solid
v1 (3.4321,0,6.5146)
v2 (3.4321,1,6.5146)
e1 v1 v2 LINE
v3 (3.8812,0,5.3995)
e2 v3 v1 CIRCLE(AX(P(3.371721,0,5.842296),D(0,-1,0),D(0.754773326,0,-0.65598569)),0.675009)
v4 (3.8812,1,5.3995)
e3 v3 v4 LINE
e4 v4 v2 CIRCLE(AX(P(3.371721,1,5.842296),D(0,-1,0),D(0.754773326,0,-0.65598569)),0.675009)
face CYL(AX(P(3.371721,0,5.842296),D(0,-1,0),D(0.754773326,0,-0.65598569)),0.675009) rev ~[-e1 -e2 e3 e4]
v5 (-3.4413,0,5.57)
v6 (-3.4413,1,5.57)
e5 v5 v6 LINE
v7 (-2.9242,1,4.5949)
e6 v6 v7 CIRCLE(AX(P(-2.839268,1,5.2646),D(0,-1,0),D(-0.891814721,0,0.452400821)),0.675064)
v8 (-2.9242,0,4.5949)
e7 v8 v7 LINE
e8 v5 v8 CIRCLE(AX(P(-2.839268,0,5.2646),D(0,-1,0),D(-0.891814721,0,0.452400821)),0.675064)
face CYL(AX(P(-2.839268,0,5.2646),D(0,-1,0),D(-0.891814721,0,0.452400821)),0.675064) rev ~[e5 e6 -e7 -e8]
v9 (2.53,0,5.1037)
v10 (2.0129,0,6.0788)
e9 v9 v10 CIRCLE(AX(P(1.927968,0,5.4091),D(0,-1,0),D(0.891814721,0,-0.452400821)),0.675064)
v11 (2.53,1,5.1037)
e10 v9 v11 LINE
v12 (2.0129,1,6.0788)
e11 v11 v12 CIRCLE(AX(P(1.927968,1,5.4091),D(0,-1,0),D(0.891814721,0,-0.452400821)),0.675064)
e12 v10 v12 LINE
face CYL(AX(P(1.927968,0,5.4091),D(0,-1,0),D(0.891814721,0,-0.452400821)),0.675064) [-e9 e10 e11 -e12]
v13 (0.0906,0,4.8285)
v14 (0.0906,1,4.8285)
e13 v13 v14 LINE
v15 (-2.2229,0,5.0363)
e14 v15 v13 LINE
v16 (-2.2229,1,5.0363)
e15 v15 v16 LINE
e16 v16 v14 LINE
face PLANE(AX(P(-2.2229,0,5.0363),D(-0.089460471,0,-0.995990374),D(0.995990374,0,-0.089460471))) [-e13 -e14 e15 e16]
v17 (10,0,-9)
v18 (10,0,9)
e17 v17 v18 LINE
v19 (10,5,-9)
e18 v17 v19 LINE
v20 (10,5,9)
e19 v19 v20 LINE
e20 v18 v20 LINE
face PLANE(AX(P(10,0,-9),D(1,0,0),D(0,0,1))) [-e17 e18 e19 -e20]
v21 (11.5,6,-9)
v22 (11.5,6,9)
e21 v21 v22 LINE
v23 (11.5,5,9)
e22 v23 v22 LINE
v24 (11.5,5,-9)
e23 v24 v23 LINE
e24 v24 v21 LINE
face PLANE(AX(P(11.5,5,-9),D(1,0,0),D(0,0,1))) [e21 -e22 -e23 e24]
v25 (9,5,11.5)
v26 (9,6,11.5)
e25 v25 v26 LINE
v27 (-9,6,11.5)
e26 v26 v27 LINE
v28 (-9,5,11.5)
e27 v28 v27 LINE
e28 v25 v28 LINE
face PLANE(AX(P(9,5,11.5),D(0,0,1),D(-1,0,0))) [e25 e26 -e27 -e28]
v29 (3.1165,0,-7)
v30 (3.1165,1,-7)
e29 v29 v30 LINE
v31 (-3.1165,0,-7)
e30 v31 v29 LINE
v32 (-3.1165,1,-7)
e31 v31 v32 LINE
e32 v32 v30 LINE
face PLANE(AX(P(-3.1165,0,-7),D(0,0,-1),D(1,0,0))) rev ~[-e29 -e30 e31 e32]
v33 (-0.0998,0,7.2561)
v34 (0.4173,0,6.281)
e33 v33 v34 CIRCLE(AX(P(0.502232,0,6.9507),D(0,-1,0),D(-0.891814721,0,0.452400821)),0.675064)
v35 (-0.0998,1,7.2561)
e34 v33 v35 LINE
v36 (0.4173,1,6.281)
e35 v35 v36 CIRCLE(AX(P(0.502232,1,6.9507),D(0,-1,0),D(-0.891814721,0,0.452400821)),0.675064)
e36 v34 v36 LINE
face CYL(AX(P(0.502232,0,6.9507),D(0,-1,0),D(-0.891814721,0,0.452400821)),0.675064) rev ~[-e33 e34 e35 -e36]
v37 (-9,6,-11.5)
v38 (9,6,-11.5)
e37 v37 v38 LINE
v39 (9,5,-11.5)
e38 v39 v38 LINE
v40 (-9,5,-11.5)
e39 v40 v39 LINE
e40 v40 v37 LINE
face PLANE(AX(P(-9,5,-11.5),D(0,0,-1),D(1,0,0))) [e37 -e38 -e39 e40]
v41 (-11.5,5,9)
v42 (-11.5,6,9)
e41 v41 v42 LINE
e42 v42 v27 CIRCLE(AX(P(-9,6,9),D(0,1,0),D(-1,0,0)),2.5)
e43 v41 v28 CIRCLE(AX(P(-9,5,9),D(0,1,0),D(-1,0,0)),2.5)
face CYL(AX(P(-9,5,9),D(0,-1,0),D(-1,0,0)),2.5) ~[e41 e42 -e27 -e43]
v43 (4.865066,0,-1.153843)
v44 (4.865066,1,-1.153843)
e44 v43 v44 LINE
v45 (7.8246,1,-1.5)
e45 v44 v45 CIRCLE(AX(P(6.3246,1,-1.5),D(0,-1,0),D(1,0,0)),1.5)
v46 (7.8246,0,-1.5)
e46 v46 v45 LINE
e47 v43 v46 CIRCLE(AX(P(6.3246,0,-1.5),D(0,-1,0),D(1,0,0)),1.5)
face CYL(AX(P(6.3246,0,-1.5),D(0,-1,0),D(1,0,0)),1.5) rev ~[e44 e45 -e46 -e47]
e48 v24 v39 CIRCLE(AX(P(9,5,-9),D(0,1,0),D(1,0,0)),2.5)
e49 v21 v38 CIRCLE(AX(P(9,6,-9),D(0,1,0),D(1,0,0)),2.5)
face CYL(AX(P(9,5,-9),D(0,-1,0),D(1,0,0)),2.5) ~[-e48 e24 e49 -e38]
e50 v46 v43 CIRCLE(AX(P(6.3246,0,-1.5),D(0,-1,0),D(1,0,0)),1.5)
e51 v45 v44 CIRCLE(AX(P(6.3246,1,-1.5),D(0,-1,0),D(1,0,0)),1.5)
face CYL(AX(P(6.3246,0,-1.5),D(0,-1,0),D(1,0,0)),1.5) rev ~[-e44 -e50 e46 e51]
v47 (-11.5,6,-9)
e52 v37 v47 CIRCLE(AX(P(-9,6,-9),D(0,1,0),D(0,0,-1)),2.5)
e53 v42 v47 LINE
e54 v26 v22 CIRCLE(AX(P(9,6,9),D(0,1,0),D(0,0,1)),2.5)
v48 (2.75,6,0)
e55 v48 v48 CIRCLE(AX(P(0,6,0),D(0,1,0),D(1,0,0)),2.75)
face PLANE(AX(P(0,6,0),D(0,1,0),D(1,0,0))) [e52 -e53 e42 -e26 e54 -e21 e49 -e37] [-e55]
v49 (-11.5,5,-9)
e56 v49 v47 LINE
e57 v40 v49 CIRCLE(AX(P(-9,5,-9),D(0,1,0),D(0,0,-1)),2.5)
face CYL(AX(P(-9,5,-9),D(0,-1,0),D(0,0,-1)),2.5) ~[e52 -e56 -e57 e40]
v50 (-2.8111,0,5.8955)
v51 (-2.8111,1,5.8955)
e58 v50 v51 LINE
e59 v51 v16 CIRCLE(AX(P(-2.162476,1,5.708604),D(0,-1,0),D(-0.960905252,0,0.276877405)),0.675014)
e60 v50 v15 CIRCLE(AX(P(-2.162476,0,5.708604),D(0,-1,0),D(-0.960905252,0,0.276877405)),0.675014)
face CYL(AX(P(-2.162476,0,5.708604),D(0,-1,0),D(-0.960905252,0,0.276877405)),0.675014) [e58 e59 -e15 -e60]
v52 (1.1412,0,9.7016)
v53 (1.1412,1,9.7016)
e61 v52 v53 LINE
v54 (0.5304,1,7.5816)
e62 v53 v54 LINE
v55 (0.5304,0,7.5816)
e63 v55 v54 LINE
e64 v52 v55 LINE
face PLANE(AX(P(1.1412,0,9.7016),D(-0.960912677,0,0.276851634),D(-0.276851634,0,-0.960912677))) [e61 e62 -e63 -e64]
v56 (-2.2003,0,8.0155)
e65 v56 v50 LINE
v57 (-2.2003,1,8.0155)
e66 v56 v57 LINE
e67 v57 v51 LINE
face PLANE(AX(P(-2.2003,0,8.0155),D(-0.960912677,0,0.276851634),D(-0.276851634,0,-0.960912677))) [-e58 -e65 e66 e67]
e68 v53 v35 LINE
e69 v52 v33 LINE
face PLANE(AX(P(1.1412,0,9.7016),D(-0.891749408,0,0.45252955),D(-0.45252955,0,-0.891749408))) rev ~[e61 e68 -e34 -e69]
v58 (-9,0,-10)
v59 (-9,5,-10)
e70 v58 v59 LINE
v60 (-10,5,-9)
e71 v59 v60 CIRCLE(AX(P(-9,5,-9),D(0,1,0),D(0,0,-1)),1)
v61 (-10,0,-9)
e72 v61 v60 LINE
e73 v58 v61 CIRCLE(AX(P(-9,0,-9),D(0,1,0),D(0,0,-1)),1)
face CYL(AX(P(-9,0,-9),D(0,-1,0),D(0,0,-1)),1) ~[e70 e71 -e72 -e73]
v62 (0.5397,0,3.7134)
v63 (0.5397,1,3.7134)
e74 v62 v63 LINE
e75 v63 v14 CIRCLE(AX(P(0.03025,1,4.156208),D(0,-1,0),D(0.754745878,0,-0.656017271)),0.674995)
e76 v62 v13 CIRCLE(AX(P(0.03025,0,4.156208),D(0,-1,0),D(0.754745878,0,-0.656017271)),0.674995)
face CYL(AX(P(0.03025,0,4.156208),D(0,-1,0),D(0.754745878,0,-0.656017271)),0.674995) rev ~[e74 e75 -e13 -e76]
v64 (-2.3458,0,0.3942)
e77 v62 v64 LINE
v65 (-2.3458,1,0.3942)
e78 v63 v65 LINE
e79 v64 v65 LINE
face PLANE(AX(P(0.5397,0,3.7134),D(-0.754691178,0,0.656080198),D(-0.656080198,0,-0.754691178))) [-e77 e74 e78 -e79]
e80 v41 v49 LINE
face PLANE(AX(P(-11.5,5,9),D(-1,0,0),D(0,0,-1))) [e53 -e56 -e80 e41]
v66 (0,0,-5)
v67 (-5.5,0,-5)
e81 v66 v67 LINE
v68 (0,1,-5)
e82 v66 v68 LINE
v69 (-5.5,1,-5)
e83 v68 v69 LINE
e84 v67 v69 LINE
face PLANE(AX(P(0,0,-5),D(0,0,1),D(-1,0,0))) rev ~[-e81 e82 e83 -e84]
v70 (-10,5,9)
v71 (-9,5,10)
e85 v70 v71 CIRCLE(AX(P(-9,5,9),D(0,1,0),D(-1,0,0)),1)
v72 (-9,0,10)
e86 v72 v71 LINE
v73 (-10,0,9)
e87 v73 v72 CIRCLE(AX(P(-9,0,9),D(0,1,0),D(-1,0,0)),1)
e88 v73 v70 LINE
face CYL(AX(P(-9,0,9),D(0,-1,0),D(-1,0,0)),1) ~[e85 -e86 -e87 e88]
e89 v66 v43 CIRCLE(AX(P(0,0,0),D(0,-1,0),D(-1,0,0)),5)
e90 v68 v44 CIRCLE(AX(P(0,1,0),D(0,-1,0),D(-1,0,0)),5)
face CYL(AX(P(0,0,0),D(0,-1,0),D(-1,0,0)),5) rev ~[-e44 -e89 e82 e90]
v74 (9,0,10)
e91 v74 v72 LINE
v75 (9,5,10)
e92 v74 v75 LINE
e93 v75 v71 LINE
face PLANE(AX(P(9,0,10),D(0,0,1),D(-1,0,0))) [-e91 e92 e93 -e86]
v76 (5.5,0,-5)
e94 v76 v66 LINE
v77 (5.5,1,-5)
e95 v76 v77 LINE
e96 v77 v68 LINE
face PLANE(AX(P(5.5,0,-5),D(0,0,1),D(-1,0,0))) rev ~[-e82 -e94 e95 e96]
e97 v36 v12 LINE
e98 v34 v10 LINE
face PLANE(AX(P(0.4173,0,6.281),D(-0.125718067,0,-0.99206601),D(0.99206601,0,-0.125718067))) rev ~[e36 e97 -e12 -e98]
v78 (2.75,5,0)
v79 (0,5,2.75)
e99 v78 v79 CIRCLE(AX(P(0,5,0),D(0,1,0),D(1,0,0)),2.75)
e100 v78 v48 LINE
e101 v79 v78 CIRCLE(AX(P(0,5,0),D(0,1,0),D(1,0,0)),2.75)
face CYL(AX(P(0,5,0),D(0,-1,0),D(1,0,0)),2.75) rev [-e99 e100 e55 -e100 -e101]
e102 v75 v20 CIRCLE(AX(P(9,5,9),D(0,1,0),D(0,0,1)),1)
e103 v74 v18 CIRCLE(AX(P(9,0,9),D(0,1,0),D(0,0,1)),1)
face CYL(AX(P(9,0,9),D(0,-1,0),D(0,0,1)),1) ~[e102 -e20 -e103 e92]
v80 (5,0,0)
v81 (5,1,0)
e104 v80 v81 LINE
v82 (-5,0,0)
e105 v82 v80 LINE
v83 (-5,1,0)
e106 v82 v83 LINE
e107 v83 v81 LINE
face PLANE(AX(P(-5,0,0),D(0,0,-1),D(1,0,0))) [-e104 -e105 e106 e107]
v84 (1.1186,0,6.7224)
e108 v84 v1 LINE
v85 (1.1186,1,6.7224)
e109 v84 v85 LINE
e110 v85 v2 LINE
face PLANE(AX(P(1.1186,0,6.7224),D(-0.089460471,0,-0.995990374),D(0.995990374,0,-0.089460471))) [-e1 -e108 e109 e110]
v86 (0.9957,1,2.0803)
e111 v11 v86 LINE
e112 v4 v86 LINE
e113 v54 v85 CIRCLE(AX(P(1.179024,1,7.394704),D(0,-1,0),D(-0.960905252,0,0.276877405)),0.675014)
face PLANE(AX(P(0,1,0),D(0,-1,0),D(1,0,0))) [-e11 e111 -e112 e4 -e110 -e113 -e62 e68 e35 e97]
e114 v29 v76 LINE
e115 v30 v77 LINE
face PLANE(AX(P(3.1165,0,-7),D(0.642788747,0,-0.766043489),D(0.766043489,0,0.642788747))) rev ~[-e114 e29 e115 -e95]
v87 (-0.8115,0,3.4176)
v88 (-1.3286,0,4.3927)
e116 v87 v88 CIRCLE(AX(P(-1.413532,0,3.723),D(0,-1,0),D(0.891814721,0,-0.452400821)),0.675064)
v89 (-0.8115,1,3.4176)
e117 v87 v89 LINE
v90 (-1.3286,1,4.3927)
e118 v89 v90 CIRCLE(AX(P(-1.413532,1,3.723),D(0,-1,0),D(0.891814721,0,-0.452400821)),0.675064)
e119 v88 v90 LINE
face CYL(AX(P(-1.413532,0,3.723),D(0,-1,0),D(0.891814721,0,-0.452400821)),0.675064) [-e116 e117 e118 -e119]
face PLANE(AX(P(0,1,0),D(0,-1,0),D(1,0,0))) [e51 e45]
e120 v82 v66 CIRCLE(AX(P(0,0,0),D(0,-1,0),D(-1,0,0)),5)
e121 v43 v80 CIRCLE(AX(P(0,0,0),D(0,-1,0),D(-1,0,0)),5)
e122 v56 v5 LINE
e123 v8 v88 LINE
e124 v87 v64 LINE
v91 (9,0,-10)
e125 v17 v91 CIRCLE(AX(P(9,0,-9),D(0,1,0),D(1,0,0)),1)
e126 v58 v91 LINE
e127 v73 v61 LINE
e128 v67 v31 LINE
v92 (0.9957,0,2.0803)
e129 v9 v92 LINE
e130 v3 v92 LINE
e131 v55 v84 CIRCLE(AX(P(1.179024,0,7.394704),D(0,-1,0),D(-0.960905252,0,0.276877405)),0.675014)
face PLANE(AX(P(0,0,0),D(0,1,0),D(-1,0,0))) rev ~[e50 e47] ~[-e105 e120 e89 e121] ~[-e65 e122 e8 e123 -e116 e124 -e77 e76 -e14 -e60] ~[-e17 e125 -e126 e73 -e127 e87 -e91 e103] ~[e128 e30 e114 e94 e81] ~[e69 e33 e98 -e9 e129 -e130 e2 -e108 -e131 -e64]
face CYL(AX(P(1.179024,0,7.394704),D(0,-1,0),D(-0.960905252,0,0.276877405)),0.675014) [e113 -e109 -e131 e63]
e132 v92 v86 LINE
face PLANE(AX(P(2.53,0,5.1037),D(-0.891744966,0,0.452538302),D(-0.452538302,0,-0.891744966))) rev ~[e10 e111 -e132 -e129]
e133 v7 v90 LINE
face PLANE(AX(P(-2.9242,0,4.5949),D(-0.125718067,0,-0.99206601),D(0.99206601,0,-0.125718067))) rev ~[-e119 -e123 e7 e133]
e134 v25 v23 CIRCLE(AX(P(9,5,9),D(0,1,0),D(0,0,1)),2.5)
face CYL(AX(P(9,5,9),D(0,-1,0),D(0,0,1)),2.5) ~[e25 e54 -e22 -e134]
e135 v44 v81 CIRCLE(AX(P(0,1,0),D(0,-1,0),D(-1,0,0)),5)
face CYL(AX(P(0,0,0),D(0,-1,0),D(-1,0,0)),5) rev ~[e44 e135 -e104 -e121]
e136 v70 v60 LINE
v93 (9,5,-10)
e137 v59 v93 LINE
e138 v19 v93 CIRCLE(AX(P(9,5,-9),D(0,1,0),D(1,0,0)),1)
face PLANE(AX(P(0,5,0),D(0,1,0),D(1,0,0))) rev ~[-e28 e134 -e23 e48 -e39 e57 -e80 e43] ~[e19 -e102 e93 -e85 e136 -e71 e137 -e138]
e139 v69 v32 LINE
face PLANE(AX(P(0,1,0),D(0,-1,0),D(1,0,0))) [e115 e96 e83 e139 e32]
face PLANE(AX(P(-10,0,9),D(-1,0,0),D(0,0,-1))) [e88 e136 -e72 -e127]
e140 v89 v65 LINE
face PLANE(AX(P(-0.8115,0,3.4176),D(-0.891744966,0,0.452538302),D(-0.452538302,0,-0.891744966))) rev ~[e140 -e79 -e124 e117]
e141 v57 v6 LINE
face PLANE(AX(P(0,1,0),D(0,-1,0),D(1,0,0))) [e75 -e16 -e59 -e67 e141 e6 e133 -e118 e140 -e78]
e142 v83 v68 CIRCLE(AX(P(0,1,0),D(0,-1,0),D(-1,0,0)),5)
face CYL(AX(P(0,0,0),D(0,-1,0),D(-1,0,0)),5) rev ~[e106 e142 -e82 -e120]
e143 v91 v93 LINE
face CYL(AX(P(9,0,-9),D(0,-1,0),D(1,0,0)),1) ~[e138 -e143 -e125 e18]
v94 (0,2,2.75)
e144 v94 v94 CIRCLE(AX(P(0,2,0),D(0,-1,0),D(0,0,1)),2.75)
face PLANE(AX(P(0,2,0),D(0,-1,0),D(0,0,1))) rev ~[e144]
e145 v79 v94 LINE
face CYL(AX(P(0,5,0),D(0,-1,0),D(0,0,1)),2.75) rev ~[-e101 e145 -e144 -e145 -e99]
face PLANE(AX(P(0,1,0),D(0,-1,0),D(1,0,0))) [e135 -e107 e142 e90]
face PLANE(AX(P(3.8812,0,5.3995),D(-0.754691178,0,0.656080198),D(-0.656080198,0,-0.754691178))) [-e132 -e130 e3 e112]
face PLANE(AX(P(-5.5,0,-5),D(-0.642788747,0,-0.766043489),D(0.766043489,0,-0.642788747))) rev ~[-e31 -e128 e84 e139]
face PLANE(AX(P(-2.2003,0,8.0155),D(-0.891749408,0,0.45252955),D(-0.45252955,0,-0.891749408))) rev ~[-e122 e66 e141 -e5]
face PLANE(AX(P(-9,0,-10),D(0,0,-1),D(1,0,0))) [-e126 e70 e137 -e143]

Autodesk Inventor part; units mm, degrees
ref_plane "YZ Plane" through (0, 0, 0) normal (1, 0, 0) x (0, 1, 0)
ref_plane "XZ Plane" through (0, 0, 0) normal (0, 1, 0) x (-1, 0, 0)
ref_plane "XY Plane" through (0, 0, 0) normal (0, 0, 1) x (1, 0, 0)
sketch "Sketch1" plane through (0, 0, 0) normal (0, 1, 0) x (-1, 0, 0)
  line L0 (9, -10) -> (-9, -10)
  line L1 (-10, -9) -> (-10, 9)
  line L2 (-9, 10) -> (9, 10)
  line L3 (10, 9) -> (10, -9)
  line L4 (10, 10) -> (-10, -10) construction
  line L5 (10, -10) -> (-10, 10) construction
  arc A0 (10, 9) -> (9, 10) centre (9, 9) ccw
  arc A1 (9, -10) -> (10, -9) centre (9, -9) ccw
  arc A2 (-10, -9) -> (-9, -10) centre (-9, -9) ccw
  arc A3 (-9, 10) -> (-10, 9) centre (-9, 9) ccw
  point P0 (0, 0)
  point P1 (0, 0)
  dimension "d7" = 20
  dimension "d9" = 20
  dimension "d10" = 1
extrude "Extrusion1" add sketch "Sketch1" along normal blind 5
sketch "Sketch2" plane through (0, 5, 0) normal (0, 1, 0) x (1, 0, 0)
  line L0 (-10, 9) -> (-10, -9) projected
  arc A0 (-10, -9) -> (-9, -10) centre (-9, -9) ccw projected
  line L1 (-9, -10) -> (9, -10) projected
  arc A1 (9, -10) -> (10, -9) centre (9, -9) ccw projected
  line L2 (10, -9) -> (10, 9) projected
  arc A2 (10, 9) -> (9, 10) centre (9, 9) ccw projected
  line L3 (9, 10) -> (-9, 10) projected
  arc A3 (-9, 10) -> (-10, 9) centre (-9, 9) ccw projected
  line L4 (9, -11.5) -> (-9, -11.5)
  arc A4 (-11.5, -9) -> (-9, -11.5) centre (-9, -9) ccw
  line L5 (-11.5, -9) -> (-11.5, 9)
  arc A5 (-9, 11.5) -> (-11.5, 9) centre (-9, 9) ccw
  line L6 (-9, 11.5) -> (9, 11.5)
  arc A6 (11.5, 9) -> (9, 11.5) centre (9, 9) ccw
  line L7 (11.5, 9) -> (11.5, -9)
  arc A7 (9, -11.5) -> (11.5, -9) centre (9, -9) ccw
  circle A8 centre (0, 0) radius 2.75
  dimension "d16" = 1.5
  dimension "d19" = 5.5
extrude "Extrusion3" add sketch "Sketch2" along normal blind 1 contours A3 L3 A2 L2 A1 L1 A0 L0 | L4 A4 L5 A5 L6 A6 L7 A7
sketch "Sketch3" plane through (0, 0, 0) normal (0, -1, 0) x (1, 0, 0)
  line L0 (-3.1165, -7) -> (3.1165, -7)
  line L1 (3.1165, -7) -> (5.5, -5)
  line L2 (5.5, -5) -> (-5.5, -5)
  line L3 (-5.5, -5) -> (-3.1165, -7)
  line L4 (0, 0) -> (0, -4.6532) construction
  arc A0 (-5, 0) -> (5, 0) centre (0, 0) ccw
  circle A1 centre (6.3246, -1.5) radius 1.5
  line L5 (-5, 0) -> (5, 0)
  line L6 (-2.2003, 8.0155) -> (-3.4413, 5.57)
  line L7 (-2.9242, 4.5949) -> (-1.3286, 4.3927)
  line L8 (-0.8115, 3.4176) -> (-2.3458, 0.3942)
  line L9 (-2.2003, 8.0155) -> (-2.8111, 5.8955)
  line L10 (-2.2229, 5.0363) -> (0.0906, 4.8285)
  line L11 (0.5397, 3.7134) -> (-2.3458, 0.3942)
  arc A2 (-2.8111, 5.8955) -> (-2.2229, 5.0363) centre (-2.1625, 5.7086) ccw
  arc A3 (0.5397, 3.7134) -> (0.0906, 4.8285) centre (0.0303, 4.1562) ccw
  arc A4 (-0.8115, 3.4176) -> (-1.3286, 4.3927) centre (-1.4135, 3.723) ccw
  arc A5 (-3.4413, 5.57) -> (-2.9242, 4.5949) centre (-2.8393, 5.2646) ccw
  line L12 (1.1412, 9.7016) -> (-0.0998, 7.2561)
  line L13 (0.4173, 6.281) -> (2.0129, 6.0788)
  line L14 (2.53, 5.1037) -> (0.9957, 2.0803)
  line L15 (1.1412, 9.7016) -> (0.5304, 7.5816)
  line L16 (1.1186, 6.7224) -> (3.4321, 6.5146)
  line L17 (3.8812, 5.3995) -> (0.9957, 2.0803)
  arc A6 (0.5304, 7.5816) -> (1.1186, 6.7224) centre (1.179, 7.3947) ccw
  arc A7 (3.8812, 5.3995) -> (3.4321, 6.5146) centre (3.3717, 5.8423) ccw
  arc A8 (2.53, 5.1037) -> (2.0129, 6.0788) centre (1.928, 5.4091) ccw
  arc A9 (-0.0998, 7.2561) -> (0.4173, 6.281) centre (0.5022, 6.9507) ccw
  point P0 (0, -7)
  point P1 (0, -5)
  dimension "d68" = 10
  dimension "d69" = 11
  dimension "d70" = 2
  dimension "d71" = 100
  dimension "d72" = 3
  dimension "d73" = 0.675
  dimension "d74" = 0.675
extrude "Extrusion7" cut sketch "Sketch3" against normal blind 1
hole "Hole1" at (0, 5, 0) direction (0, -1, 0) diameter 5.5 depth 3
equation "\"d7\" = button_side"
equation "\"d9\" = d7"
equation "\"d68\" = 0.5 * button_side"
equation "\"d69\" = 1.1 * d68"
equation "\"d70\" = 0.2 * d68"
equation "\"d72\" = 0.3 * d68"
equation "\"d0\" = 122"
equation "\"d1\" = 77"
equation "\"d4\" = 19"
equation "\"d5\" = 1"
equation "\"d8\" = 25"
equation "\"d13\" = 1.5"
equation "\"d14\" = 0"
equation "\"d15\" = 2"
equation "\"d30\" = 3.1"
equation "\"d31\" = 3"
equation "\"d33\" = 3"
equation "\"d34\" = 2"
equation "\"d36\" = 3"
equation "\"d38\" = 90deg"
equation "\"d39\" = 8"
equation "\"d40\" = 118deg"
equation "\"d44\" = 0"
equation "\"d45\" = 1.2"
equation "\"d46\" = 2"
equation "\"d47\" = 0"
equation "\"d50\" = 25"
equation "\"button_side\" = 20"
equation "\"d3\" = 1.01 * button_side"
equation "\"d2\" = d3"
properties part number "button3" material "Bronze, Soft Tin"
